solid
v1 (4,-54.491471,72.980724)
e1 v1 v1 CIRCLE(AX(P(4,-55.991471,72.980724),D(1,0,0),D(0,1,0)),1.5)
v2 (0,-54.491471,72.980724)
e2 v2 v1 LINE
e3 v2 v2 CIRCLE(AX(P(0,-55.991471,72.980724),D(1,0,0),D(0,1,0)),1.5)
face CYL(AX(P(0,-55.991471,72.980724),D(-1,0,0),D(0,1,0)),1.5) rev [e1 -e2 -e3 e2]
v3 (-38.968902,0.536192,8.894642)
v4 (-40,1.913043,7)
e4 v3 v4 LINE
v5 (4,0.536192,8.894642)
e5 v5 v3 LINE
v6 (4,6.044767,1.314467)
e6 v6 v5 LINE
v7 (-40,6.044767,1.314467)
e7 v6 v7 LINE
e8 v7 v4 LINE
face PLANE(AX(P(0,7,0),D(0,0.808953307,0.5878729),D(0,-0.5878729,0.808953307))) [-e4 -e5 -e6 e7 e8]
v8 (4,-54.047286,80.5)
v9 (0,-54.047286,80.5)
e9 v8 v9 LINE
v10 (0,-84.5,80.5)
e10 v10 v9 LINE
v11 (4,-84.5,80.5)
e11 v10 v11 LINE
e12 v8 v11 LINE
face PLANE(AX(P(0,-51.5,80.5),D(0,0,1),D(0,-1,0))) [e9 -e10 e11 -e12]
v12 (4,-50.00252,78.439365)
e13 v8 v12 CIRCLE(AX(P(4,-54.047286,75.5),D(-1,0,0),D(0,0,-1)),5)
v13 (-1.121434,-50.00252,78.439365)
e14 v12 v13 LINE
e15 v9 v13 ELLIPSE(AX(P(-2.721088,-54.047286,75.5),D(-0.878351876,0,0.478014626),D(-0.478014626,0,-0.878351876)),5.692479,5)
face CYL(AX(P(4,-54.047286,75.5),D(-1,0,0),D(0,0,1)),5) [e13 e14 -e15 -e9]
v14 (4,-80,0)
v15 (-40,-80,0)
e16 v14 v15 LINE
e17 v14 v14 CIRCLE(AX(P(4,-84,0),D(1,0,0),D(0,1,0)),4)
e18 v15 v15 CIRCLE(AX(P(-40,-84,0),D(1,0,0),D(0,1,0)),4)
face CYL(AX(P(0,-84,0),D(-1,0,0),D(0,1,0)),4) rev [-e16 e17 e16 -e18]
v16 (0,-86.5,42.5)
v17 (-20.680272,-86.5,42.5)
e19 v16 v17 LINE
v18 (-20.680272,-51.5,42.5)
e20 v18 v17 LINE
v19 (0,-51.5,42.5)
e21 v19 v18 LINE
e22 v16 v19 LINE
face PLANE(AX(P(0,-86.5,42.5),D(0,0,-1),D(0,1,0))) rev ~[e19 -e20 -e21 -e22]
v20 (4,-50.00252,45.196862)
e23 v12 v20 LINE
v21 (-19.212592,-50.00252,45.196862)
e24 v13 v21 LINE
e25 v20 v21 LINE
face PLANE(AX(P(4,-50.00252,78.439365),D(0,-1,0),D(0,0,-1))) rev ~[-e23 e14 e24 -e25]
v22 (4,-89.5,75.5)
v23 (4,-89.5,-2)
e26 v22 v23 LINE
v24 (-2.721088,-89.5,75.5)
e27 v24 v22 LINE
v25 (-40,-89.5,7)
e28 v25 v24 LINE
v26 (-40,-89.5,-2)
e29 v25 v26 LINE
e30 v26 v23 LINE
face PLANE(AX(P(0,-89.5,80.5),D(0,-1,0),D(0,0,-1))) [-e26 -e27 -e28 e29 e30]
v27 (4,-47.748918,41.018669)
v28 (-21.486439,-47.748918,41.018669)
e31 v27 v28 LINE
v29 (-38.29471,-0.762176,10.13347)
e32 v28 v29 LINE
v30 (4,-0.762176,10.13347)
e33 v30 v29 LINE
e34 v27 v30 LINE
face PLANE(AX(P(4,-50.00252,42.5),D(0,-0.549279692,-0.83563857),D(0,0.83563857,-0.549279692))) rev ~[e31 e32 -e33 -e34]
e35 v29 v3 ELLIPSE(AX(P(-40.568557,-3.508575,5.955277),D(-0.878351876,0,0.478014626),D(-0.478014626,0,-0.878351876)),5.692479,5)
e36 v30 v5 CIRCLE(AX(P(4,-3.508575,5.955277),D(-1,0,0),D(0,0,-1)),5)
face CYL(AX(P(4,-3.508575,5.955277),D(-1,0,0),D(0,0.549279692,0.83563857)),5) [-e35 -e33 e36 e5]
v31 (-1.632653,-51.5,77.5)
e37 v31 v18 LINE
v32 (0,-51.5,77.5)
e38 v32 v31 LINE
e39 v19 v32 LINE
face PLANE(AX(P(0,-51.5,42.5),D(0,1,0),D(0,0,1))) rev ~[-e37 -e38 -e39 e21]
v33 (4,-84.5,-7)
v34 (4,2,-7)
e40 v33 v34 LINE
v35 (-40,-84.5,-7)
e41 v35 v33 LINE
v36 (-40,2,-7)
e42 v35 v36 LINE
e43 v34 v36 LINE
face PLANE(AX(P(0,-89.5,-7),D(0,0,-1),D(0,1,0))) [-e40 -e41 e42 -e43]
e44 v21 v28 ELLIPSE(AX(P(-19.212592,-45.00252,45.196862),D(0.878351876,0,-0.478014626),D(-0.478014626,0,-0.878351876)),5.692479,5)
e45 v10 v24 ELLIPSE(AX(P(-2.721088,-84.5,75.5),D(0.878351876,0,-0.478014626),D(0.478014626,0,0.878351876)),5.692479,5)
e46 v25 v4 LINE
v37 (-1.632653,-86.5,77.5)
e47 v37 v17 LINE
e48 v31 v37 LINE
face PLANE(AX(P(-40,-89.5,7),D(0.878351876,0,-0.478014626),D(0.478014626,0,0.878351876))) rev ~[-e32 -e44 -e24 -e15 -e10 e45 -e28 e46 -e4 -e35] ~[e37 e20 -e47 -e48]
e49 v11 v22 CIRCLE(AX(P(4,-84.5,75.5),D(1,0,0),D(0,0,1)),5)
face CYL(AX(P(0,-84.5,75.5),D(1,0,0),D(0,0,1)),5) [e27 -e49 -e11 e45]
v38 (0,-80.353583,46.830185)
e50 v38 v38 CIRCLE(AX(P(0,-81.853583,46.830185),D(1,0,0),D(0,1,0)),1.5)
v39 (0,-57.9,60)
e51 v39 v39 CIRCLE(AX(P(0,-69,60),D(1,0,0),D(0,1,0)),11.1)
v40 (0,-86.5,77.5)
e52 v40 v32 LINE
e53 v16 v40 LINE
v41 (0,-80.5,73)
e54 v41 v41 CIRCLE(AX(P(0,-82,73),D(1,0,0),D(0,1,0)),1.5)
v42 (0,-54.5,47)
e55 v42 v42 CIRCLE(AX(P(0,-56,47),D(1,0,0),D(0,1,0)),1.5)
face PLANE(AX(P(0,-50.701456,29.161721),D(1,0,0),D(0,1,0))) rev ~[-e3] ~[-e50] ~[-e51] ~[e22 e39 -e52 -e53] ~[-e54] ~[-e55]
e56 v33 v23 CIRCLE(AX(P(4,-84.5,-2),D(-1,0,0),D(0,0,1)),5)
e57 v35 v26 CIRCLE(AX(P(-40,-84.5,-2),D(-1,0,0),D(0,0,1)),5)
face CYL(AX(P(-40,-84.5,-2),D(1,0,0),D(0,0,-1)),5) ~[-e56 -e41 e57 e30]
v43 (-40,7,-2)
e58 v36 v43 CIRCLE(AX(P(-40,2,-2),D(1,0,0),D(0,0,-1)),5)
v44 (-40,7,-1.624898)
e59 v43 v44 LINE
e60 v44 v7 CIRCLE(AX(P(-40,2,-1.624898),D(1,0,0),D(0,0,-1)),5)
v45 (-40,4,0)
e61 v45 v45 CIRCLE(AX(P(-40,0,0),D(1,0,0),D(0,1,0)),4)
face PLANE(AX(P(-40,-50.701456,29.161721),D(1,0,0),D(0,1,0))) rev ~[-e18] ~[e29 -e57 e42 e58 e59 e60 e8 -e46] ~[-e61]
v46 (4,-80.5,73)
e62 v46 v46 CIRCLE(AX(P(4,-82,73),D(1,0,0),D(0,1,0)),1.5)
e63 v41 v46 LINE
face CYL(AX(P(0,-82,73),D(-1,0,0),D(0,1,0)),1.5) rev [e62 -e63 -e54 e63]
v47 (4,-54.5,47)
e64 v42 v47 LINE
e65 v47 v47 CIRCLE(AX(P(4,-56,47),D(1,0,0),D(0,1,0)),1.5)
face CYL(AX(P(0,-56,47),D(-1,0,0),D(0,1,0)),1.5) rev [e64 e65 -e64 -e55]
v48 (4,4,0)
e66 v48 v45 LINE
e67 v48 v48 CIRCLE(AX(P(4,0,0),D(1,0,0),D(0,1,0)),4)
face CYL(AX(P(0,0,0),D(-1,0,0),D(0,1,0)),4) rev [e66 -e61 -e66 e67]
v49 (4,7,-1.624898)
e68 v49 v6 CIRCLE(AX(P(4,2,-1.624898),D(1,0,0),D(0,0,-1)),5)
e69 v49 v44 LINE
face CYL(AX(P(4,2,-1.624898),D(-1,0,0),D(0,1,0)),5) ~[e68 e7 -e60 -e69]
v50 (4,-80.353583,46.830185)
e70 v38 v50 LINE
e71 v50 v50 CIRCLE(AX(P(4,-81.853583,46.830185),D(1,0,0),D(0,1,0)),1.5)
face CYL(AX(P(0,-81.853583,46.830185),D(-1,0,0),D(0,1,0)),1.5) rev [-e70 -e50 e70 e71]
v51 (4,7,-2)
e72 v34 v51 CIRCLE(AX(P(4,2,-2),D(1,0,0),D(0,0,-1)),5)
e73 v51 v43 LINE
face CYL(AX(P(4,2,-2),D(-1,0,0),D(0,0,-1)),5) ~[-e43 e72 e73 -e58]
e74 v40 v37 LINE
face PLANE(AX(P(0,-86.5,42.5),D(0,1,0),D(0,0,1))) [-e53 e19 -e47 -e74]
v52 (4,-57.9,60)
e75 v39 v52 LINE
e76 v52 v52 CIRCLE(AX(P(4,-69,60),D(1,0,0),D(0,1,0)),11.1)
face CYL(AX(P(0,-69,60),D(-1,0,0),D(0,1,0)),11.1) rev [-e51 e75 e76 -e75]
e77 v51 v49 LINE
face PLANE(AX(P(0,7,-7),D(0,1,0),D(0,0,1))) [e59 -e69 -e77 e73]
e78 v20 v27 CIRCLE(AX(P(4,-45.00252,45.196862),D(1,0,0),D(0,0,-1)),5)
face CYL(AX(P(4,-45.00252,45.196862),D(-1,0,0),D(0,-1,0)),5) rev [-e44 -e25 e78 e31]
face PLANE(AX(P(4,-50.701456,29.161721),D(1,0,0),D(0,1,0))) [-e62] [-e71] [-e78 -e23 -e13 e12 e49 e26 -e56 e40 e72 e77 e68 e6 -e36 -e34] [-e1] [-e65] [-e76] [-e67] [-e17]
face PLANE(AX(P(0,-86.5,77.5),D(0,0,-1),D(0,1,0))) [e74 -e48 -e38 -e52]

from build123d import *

# Parameters (mm, degrees)
F0_R     = 4
F0_W     = 35
F0_H     = 35
F0_R_2   = 1.5
F0_R_3   = 11.1
F1_DEPTH = 4
F2_DEPTH = 40
F4_DEPTH = 96.501
F5_R     = 5
F7_DEPTH = 44.001
F9_DEPTH = 44.001
F10_R    = 5


with BuildPart() as f1:
    # F0 (on Right) → F1 (new body)
    with BuildSketch(Plane.YZ):
        Polygon((-51.5, 80.5), (-89.5, 80.5), (-89.5, -7), (7, -7), (7, 0), align=None)
        with Locations((-84, 0)):
            Circle(F0_R, mode=Mode.SUBTRACT)
        Circle(F0_R, mode=Mode.SUBTRACT)
        with Locations((-69, 60)):
            Rectangle(F0_W, F0_H, mode=Mode.SUBTRACT)
        with Locations((-69, 60)):
            Rectangle(F0_W, F0_H)
        with Locations((-81.8535834551, 46.8301847577)):
            Circle(F0_R_2, mode=Mode.SUBTRACT)
        with Locations((-56, 47)):
            Circle(F0_R_2, mode=Mode.SUBTRACT)
        with Locations((-69, 60)):
            Circle(F0_R_3, mode=Mode.SUBTRACT)
        with Locations((-82, 73)):
            Circle(F0_R_2, mode=Mode.SUBTRACT)
        with Locations((-55.9914708138, 72.9807242751)):
            Circle(F0_R_2, mode=Mode.SUBTRACT)
    extrude(amount=F1_DEPTH)

    # F0 (on Right) → F2 (join)
    with BuildSketch(Plane.YZ):
        Polygon((-51.5, 80.5), (-89.5, 80.5), (-89.5, -7), (7, -7), (7, 0), align=None)
        with Locations((-84, 0)):
            Circle(F0_R, mode=Mode.SUBTRACT)
        Circle(F0_R, mode=Mode.SUBTRACT)
        with Locations((-69, 60)):
            Rectangle(F0_W, F0_H, mode=Mode.SUBTRACT)
    extrude(amount=-F2_DEPTH)

    # F3 (on face) → F4 (cut, through all)
    with BuildSketch(Plane.XZ.offset(89.5)):
        Polygon((-40, 7), (0, 80.5), (-40, 80.5), align=None)
    extrude(amount=-F4_DEPTH, mode=Mode.SUBTRACT)

    # F5
    f5_edges = [f1.edges().sort_by_distance(p)[0] for p in [
        (-18, -89.5, -7),
        (-18, 7, -7),
        (-18, 7, 0),
        (2, -89.5, 80.5),
        (2, -51.5, 80.5),
    ]]
    fillet(f5_edges, radius=F5_R)

    # F6 (on face) → F7 (cut, through all)
    with BuildSketch(Plane.YZ.offset(4)):
        Polygon((-23.8850931677, 42.5), (-50.0025195443, 78.4393645012), (-50.0025195443, 42.5), align=None)
    extrude(amount=-F7_DEPTH, mode=Mode.SUBTRACT)

    # F8 (on face) → F9 (cut, through all)
    with BuildSketch(Plane.YZ.offset(4)):
        Polygon((0, 9.6324786325), (-23.8850931677, 42.5), (-50.0025195443, 42.5), align=None)
    extrude(amount=-F9_DEPTH, mode=Mode.SUBTRACT)

    # F10
    f10_edges = [f1.edges().sort_by_distance(p)[0] for p in [
        (-8.340136, -50.00252, 42.5),
        (-17.283679, 0, 9.632479),
    ]]
    fillet(f10_edges, radius=F10_R)


solid = f1.part
